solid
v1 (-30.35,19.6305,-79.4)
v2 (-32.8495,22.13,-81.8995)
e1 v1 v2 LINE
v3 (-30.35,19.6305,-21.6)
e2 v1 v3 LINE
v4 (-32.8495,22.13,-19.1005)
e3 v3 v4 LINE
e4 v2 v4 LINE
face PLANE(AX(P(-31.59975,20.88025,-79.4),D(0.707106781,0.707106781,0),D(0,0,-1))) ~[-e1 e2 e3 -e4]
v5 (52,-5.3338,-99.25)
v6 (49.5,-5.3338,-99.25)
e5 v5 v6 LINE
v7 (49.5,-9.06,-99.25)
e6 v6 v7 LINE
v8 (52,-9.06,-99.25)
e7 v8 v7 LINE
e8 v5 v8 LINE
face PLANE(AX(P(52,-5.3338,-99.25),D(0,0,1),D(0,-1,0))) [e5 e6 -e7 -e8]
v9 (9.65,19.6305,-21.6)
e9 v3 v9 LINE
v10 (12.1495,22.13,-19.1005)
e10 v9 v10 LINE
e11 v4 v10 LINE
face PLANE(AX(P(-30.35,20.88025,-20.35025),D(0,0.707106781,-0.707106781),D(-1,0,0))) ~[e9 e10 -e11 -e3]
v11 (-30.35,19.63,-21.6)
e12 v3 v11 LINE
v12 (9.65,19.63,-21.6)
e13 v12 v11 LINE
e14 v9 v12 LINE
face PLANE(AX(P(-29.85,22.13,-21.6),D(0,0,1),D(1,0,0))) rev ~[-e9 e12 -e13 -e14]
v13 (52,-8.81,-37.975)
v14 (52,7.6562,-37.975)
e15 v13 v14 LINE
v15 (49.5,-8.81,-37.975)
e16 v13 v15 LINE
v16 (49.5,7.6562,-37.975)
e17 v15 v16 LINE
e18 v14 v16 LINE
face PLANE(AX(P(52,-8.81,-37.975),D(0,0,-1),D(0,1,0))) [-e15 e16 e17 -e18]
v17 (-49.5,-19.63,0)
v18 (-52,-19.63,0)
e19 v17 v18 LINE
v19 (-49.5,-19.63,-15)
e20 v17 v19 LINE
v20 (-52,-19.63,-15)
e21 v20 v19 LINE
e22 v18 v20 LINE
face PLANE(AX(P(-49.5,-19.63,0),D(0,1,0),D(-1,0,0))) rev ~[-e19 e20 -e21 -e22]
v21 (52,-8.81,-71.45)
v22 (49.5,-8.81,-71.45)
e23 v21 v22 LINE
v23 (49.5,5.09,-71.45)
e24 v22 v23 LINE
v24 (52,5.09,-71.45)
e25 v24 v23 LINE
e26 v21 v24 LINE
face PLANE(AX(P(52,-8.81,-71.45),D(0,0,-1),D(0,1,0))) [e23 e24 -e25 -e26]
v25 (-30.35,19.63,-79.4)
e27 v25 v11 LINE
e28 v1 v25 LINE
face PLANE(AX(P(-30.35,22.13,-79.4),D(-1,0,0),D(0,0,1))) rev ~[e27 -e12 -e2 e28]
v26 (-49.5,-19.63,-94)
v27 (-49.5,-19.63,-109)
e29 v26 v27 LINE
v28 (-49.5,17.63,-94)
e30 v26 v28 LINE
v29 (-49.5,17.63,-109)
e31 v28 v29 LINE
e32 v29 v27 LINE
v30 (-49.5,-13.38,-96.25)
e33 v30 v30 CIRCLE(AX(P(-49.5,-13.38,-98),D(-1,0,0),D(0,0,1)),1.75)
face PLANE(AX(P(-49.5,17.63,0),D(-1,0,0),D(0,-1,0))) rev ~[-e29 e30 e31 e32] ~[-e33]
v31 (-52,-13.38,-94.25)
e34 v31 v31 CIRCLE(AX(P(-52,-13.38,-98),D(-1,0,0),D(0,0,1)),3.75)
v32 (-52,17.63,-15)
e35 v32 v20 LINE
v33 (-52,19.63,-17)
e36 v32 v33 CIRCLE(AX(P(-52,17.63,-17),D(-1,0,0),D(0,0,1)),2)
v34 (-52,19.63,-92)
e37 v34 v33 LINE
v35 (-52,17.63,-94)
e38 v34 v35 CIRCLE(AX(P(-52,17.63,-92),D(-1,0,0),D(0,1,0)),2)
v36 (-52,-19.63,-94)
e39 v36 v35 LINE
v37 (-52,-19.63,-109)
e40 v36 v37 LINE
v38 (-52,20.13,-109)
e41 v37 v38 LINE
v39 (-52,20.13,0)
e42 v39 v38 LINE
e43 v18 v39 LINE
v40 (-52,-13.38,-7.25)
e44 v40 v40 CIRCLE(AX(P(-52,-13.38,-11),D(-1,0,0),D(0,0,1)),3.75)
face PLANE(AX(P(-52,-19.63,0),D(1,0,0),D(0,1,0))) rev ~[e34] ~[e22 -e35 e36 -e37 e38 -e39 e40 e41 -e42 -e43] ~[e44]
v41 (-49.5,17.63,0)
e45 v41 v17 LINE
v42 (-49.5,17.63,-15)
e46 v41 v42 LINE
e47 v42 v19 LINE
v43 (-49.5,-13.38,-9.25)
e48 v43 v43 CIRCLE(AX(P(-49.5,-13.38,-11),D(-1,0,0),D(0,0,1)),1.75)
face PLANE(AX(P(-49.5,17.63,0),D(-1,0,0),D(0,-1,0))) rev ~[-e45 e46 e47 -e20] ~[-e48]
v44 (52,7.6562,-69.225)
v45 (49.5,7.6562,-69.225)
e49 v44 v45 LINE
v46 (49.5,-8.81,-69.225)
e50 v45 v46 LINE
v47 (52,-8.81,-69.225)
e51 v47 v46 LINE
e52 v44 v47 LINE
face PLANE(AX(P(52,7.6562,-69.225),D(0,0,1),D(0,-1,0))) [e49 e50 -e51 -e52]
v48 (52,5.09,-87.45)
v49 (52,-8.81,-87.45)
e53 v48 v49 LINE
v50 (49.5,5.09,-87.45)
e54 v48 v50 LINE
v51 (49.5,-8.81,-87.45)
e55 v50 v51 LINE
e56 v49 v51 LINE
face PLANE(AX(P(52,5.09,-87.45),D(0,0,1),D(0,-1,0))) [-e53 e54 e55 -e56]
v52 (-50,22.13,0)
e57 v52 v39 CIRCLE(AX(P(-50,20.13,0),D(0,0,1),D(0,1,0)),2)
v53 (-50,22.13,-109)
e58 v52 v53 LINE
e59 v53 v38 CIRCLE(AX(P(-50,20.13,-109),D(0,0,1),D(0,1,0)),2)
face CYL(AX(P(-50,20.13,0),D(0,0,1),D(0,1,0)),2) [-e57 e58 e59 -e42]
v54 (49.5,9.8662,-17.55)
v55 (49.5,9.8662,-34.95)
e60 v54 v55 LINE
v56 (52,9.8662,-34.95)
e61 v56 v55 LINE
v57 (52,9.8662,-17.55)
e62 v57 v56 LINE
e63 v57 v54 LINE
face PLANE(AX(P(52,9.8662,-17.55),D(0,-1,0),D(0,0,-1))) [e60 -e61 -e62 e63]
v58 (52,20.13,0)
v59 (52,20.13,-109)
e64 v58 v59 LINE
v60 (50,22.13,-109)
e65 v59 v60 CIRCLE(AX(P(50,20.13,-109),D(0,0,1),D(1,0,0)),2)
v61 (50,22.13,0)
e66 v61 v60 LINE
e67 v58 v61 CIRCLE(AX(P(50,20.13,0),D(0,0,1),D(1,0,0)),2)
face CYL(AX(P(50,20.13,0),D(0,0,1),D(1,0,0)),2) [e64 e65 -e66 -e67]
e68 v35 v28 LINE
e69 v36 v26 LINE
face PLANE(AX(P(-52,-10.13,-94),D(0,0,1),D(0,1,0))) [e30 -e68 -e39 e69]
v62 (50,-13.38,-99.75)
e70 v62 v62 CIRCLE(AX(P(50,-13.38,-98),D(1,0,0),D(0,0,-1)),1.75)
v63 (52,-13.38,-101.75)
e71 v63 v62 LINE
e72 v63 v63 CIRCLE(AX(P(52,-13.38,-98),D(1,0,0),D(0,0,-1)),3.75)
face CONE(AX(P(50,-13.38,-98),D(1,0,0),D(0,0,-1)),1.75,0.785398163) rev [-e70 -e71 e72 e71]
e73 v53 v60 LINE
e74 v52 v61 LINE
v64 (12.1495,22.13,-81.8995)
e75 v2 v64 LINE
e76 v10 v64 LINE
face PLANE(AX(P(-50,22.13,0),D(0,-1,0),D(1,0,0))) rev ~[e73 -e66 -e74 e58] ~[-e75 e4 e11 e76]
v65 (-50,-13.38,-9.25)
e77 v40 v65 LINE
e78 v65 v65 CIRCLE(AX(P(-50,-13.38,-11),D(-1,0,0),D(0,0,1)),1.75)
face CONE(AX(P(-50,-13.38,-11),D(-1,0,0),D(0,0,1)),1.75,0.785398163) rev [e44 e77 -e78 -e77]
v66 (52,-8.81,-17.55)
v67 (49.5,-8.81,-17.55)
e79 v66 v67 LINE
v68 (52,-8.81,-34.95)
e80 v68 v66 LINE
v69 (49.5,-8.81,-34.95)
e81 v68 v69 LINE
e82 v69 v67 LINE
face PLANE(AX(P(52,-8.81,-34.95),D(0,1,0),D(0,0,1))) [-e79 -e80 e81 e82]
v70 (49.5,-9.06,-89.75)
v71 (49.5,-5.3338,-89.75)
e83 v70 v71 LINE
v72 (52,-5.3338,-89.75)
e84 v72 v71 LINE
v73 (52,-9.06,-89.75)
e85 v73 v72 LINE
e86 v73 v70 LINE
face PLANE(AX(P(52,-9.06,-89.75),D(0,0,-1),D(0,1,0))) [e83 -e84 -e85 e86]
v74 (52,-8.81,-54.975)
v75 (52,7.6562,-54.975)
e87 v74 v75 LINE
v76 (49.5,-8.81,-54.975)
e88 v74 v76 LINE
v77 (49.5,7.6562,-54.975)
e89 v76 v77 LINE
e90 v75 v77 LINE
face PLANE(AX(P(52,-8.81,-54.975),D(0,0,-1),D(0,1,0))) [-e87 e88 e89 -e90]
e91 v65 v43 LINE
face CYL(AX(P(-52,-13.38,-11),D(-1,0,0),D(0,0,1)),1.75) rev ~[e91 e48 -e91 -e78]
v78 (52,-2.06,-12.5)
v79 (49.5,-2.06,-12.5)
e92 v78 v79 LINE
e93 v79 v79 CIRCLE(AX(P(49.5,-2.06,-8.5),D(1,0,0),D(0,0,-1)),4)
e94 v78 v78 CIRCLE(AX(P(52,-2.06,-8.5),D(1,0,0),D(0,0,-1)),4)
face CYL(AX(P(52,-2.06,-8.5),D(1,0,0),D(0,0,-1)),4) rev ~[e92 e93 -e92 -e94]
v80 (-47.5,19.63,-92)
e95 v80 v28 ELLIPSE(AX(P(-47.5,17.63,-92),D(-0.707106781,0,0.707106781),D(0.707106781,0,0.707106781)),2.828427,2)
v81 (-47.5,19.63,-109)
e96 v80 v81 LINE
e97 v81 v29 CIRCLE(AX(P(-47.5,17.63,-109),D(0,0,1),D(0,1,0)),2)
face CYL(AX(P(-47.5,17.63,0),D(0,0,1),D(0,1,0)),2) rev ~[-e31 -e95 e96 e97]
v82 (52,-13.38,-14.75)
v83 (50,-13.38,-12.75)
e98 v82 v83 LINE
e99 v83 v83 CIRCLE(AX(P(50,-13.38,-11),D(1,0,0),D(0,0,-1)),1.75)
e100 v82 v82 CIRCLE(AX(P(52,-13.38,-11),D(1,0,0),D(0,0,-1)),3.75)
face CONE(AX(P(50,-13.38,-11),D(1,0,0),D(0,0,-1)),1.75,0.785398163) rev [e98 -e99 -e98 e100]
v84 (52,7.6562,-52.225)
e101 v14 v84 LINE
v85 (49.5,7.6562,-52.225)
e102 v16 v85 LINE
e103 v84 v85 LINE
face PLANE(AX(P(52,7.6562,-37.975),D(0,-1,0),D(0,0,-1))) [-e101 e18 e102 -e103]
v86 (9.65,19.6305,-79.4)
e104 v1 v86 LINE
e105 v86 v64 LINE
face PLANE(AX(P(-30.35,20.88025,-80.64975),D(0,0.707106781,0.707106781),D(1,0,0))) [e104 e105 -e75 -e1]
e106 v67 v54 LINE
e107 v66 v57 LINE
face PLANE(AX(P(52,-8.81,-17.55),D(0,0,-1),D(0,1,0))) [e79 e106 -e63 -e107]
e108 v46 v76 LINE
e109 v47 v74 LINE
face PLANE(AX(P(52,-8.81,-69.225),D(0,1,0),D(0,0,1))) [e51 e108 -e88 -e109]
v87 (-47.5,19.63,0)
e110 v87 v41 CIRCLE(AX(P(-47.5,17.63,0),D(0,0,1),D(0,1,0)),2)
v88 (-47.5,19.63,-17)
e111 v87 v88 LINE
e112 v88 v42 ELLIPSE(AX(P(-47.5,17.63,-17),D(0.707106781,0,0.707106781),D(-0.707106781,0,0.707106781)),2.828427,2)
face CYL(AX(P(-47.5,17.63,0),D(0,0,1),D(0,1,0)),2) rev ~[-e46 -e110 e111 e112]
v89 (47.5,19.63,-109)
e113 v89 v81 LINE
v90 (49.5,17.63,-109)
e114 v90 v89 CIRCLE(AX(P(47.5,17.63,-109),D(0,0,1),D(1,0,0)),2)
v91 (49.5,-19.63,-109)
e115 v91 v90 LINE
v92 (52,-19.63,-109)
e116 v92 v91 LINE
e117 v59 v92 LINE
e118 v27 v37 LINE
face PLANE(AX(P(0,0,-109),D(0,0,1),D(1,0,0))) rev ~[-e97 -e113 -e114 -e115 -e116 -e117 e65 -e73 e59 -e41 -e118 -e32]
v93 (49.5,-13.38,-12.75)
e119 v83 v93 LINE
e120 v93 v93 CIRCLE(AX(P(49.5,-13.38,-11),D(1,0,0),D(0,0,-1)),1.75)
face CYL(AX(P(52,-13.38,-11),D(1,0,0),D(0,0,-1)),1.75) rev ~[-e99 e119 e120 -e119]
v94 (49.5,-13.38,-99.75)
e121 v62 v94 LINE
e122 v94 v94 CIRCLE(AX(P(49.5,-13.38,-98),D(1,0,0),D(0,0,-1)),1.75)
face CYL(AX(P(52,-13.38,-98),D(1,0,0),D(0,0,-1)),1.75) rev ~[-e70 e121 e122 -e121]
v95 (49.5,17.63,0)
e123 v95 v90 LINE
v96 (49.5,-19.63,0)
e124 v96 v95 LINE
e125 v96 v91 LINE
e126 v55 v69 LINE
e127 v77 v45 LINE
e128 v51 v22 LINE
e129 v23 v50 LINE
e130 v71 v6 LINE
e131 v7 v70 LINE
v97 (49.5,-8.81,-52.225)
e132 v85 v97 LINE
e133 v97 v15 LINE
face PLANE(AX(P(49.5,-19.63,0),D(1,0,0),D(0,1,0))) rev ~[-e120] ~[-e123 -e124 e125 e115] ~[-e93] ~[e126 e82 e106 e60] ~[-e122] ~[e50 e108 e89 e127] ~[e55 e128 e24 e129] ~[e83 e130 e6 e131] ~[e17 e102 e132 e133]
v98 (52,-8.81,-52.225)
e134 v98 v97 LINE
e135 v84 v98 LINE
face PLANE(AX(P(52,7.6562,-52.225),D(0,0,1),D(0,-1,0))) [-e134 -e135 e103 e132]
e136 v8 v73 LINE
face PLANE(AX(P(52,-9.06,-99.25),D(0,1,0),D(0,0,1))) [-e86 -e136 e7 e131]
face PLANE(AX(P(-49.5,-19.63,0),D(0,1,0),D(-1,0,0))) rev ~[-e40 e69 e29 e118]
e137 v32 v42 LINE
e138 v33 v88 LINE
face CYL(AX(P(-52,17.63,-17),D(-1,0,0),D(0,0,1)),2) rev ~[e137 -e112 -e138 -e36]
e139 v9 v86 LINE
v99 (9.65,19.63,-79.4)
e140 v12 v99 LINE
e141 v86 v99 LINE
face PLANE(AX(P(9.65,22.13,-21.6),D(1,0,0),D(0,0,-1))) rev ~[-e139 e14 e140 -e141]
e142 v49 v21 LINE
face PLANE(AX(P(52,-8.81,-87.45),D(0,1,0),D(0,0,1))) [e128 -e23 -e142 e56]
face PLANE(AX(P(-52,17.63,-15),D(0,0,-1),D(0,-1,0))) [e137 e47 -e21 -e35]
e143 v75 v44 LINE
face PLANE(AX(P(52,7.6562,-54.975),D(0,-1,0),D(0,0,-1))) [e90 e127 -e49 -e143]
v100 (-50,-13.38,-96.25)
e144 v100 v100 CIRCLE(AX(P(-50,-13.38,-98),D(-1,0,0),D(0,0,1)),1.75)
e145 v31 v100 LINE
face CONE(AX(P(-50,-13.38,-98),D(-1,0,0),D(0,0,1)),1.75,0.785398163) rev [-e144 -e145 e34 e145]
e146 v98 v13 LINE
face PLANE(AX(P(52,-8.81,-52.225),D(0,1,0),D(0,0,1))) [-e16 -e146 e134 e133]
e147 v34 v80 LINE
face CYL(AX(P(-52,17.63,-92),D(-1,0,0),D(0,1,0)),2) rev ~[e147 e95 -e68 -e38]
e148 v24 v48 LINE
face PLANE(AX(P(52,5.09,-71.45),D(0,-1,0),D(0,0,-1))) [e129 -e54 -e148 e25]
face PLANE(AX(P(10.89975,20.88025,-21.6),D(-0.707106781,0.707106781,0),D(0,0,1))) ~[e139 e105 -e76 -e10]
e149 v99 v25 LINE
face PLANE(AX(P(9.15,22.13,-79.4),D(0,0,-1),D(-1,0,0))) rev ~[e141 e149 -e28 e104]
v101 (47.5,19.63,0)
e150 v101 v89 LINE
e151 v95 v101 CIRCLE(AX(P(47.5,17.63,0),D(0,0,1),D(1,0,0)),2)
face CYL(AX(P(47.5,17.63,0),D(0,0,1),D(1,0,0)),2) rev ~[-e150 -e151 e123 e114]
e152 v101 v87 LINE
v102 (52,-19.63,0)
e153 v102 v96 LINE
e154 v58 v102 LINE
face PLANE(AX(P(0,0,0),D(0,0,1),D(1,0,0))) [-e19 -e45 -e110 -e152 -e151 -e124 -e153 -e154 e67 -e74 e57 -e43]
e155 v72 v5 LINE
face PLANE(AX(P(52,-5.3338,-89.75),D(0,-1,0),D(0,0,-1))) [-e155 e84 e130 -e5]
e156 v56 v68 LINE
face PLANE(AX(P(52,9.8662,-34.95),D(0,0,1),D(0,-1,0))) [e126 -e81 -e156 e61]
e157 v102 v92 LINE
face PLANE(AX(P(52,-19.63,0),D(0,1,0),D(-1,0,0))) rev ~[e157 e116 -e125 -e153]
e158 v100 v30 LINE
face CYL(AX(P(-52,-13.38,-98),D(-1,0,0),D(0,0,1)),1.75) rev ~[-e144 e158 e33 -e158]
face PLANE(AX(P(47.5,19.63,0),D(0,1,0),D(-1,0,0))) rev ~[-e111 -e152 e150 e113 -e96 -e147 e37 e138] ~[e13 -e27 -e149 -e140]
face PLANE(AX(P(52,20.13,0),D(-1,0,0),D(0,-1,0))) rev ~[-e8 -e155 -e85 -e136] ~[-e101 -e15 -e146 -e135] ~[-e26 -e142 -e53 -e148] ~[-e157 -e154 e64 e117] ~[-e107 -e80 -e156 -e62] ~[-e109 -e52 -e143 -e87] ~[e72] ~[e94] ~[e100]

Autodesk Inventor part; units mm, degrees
ref_plane "YZ Plane" through (0, 0, 0) normal (1, 0, 0) x (0, 1, 0)
sketch "Sketch1" plane through (0, 0, 0) normal (0, 0, 1) x (1, 0, 0)
  line L0 (47.5, 19.63) -> (-47.5, 19.63) projected
  arc A0 (-47.5, 19.63) -> (-49.5, 17.63) centre (-47.5, 17.63) ccw projected
  line L1 (-49.5, 17.63) -> (-49.5, -19.63) projected
  line L2 (49.5, -19.63) -> (49.5, 17.63) projected
  arc A1 (49.5, 17.63) -> (47.5, 19.63) centre (47.5, 17.63) ccw projected
  line L3 (-49.5, -19.63) -> (-52, -19.63)
  line L4 (-52, -19.63) -> (-52, 20.13)
  line L5 (-50, 22.13) -> (50, 22.13)
  line L6 (52, 20.13) -> (52, -19.63)
  line L7 (52, -19.63) -> (49.5, -19.63)
  arc A2 (-50, 22.13) -> (-52, 20.13) centre (-50, 20.13) ccw
  arc A3 (52, 20.13) -> (50, 22.13) centre (50, 20.13) ccw
  dimension "d0" = 2.5
  dimension "d1" = 2.5
  dimension "d2" = 2.5
  dimension "d3" = 2
ref_plane "Work Plane1" through (-49.5, -19.63, -109) normal (0, 0, -1) x (0, 1, 0)
extrude "Extrusion1" add sketch "Sketch1" against normal up to surface (109 mm away)
sketch "Sketch2" plane through (-50, 22.13, 0) normal (0, 1, 0) x (1, 0, 0)
  circle A0 centre (39.65, 50.5) radius 18.5 construction
  line L0 (58.85, 79.4) -> (20.45, 79.4) construction
  line L1 (20.45, 79.4) -> (20.45, 21.6) construction
  line L2 (58.85, 21.6) -> (58.85, 79.4) construction
  line L3 (20.45, 21.6) -> (58.85, 21.6) construction
  line L4 (20.15, 23.6) -> (20.15, 77.4) construction
  line L5 (59.15, 77.4) -> (59.15, 23.6) construction
  line L6 (20.15, 21.6) -> (59.15, 21.6) construction
  line L7 (59.15, 79.4) -> (20.15, 79.4) construction
  line L8 (20.15, 21.6) -> (59.15, 21.6)
  line L9 (59.15, 21.6) -> (59.15, 79.4)
  line L10 (59.15, 79.4) -> (20.15, 79.4)
  line L11 (20.15, 79.4) -> (20.15, 21.6)
  line L12 (59.65, 79.4) -> (19.65, 79.4)
  line L13 (19.65, 79.4) -> (19.65, 21.6)
  line L14 (19.65, 21.6) -> (59.65, 21.6)
  line L15 (59.65, 21.6) -> (59.65, 79.4)
  point P0 (50, 0)
  point P1 (59.65, 50.5)
  point P2 (59.15, 79.4)
  dimension "d43" = 40
  dimension "d44" = 39
  dimension "d45" = 0.5
extrude "Extrusion2" cut sketch "Sketch2" against normal up to surface (2.5 mm away)
chamfer "Chamfer1" distance 2.5 angle 45 4 edges at (-10.35, 22.13, -79.4) (-30.35, 22.13, -50.5) (9.65, 22.13, -50.5) (-10.35, 22.13, -21.6)
sketch "Sketch3" plane through (-52, -19.63, 0) normal (-1, 0, 0) x (0, 0, 1)
  line L0 (-94, 9.5) -> (-94, 37.26) projected
  arc A0 (-92, 39.26) -> (-94, 37.26) centre (-92, 37.26) ccw projected
  line L1 (-92, 39.26) -> (-17, 39.26) projected
  arc A1 (-15, 37.26) -> (-17, 39.26) centre (-17, 37.26) ccw projected
  line L2 (-15, 37.26) -> (-15, 9.5) projected
  line L3 (-94, 9.5) -> (-94, 0)
  line L4 (0, 0) -> (-109, 0) construction
  line L5 (-15, 9.5) -> (-15, 0)
  line L6 (-94, 0) -> (-15, 0)
  circle A2 centre (-98, 6.25) radius 1.5 construction
  circle A3 centre (-11, 6.25) radius 1.5 construction
  circle A4 centre (-98, 6.25) radius 1.75
  circle A5 centre (-11, 6.25) radius 1.75
  point P0 (0, 19.63)
  dimension "d13" = 3.5
  dimension "d14" = 3.5
ref_plane "Work Plane2" through (-47.0185, 3.2145, -3.5) normal (1, 0, 0) x (0, 1, 0)
extrude "Extrusion3" cut sketch "Sketch3" against normal up to surface (4.9815 mm away)
sketch "Sketch4" plane through (52, -19.63, 0) normal (1, 0, 0) x (0, 0, -1)
  circle A0 centre (98, 6.25) radius 1.5 construction
  circle A1 centre (11, 6.25) radius 1.5 construction
  arc A2 (72.9, 14.47) -> (72.9168, 14.38) centre (73.1508, 14.4702) ccw construction
  line L0 (72.9, 16.76) -> (72.9, 14.47) construction
  line L1 (72.9, 16.76) -> (72.9, 18.76) construction
  line L2 (72.9, 22.14) -> (72.9, 18.76) construction
  arc A3 (73.15, 22.39) -> (72.9, 22.14) centre (73.15, 22.14) ccw construction
  line L3 (73.15, 22.39) -> (85.55, 22.39) construction
  arc A4 (85.8, 22.14) -> (85.55, 22.39) centre (85.55, 22.14) ccw construction
  line L4 (85.8, 22.14) -> (85.8, 18.76) construction
  line L5 (85.8, 18.76) -> (85.8, 16.76) construction
  line L6 (85.8, 16.76) -> (85.8, 14.47) construction
  arc A5 (85.7832, 14.38) -> (85.8, 14.47) centre (85.5492, 14.4702) ccw construction
  line L7 (85.7832, 14.38) -> (86.5, 14.38) construction
  line L8 (86.5, 14.38) -> (86.5, 12.03) construction
  line L9 (81.88, 12.03) -> (86.5, 12.03) construction
  line L10 (81.88, 12.03) -> (81.88, 11.42) construction
  line L11 (81.88, 11.42) -> (86.45, 11.42) construction
  line L12 (87.2, 11.42) -> (86.45, 11.42) construction
  line L13 (87.2, 24.47) -> (87.2, 11.42) construction
  line L14 (87.2, 24.52) -> (87.2, 24.47) construction
  line L15 (87.2, 24.52) -> (71.7, 24.52) construction
  line L16 (71.7, 24.52) -> (71.7, 24.47) construction
  line L17 (71.7, 24.47) -> (71.7, 11.42) construction
  line L18 (71.7, 11.42) -> (72.45, 11.42) construction
  line L19 (72.45, 11.42) -> (76.82, 11.42) construction
  line L20 (76.82, 12.03) -> (76.82, 11.42) construction
  line L21 (72.3, 12.03) -> (76.82, 12.03) construction
  line L22 (72.3, 14.38) -> (72.3, 12.03) construction
  line L23 (72.3, 14.38) -> (72.9168, 14.38) construction
  line L24 (68.675, 20.9412) -> (68.975, 20.9412) construction
  line L25 (68.975, 20.9412) -> (68.975, 26.4362) construction
  arc A6 (68.975, 26.4362) -> (68.375, 27.0362) centre (68.375, 26.4362) ccw construction
  line L26 (68.375, 27.0362) -> (55.825, 27.0362) construction
  arc A7 (55.825, 27.0362) -> (55.225, 26.4362) centre (55.825, 26.4362) ccw construction
  line L27 (55.225, 26.4362) -> (55.225, 20.9412) construction
  line L28 (55.225, 20.9412) -> (55.525, 20.9412) construction
  line L29 (55.525, 26.4362) -> (55.525, 20.9412) construction
  arc A8 (55.825, 26.7362) -> (55.525, 26.4362) centre (55.825, 26.4362) ccw construction
  line L30 (68.375, 26.7362) -> (55.825, 26.7362) construction
  arc A9 (68.675, 26.4362) -> (68.375, 26.7362) centre (68.375, 26.4362) ccw construction
  line L31 (68.675, 26.4362) -> (68.675, 20.9412) construction
  line L32 (51.675, 20.9412) -> (51.975, 20.9412) construction
  line L33 (51.975, 20.9412) -> (51.975, 26.4362) construction
  arc A10 (51.975, 26.4362) -> (51.375, 27.0362) centre (51.375, 26.4362) ccw construction
  line L34 (51.375, 27.0362) -> (38.825, 27.0362) construction
  arc A11 (38.825, 27.0362) -> (38.225, 26.4362) centre (38.825, 26.4362) ccw construction
  line L35 (38.225, 26.4362) -> (38.225, 20.9412) construction
  line L36 (38.225, 20.9412) -> (38.525, 20.9412) construction
  line L37 (38.525, 26.4362) -> (38.525, 20.9412) construction
  arc A12 (38.825, 26.7362) -> (38.525, 26.4362) centre (38.825, 26.4362) ccw construction
  line L38 (51.375, 26.7362) -> (38.825, 26.7362) construction
  arc A13 (51.675, 26.4362) -> (51.375, 26.7362) centre (51.375, 26.4362) ccw construction
  line L39 (51.675, 26.4362) -> (51.675, 20.9412) construction
  line L40 (34.7, 28.373) -> (34.7, 24.4594) construction
  line L41 (30.79, 29.2462) -> (33.9, 29.2462) construction
  line L42 (18.6, 29.2462) -> (21.71, 29.2462) construction
  line L43 (17.8, 25.8062) -> (17.8, 28.4462) construction
  line L44 (17.8, 12.6412) -> (17.8, 25.8412) construction
  line L45 (34.7, 12.6412) -> (34.7, 24.4412) construction
  line L46 (3.1, 11.07) -> (101.9, 11.07) construction
  circle A14 centre (8.5, 17.57) radius 4
  circle A15 centre (11, 6.25) radius 1.75
  circle A16 centre (98, 6.25) radius 1.75
  line L47 (17.55, 29.4962) -> (34.95, 29.4962)
  line L48 (34.95, 29.4962) -> (34.95, 10.82)
  line L49 (34.95, 10.82) -> (17.55, 10.82)
  line L50 (17.55, 10.82) -> (17.55, 29.4962)
  line L51 (37.975, 27.2862) -> (52.225, 27.2862)
  line L52 (52.225, 27.2862) -> (52.225, 10.82)
  line L53 (52.225, 10.82) -> (37.975, 10.82)
  line L54 (37.975, 10.82) -> (37.975, 27.2862)
  line L55 (54.975, 27.2862) -> (69.225, 27.2862)
  line L56 (69.225, 27.2862) -> (69.225, 10.82)
  line L57 (69.225, 10.82) -> (54.975, 10.82)
  line L58 (54.975, 10.82) -> (54.975, 27.2862)
  line L59 (71.45, 24.72) -> (87.45, 24.72)
  line L60 (87.45, 24.72) -> (87.45, 10.82)
  line L61 (87.45, 10.82) -> (71.45, 10.82)
  line L62 (71.45, 10.82) -> (71.45, 24.72)
  line L63 (90.5, 13.2962) -> (90.5, 12.7462) construction
  line L64 (91.35, 13.7962) -> (91, 13.7962) construction
  line L65 (98, 13.7962) -> (97.6, 13.7962) construction
  line L66 (98.5, 13.2962) -> (98.5, 12.7462) construction
  line L67 (89.75, 14.2962) -> (99.25, 14.2962)
  line L68 (99.25, 14.2962) -> (99.25, 10.57)
  line L69 (99.25, 10.57) -> (89.75, 10.57)
  line L70 (89.75, 10.57) -> (89.75, 14.2962)
  line L71 (71.7, 24.47) -> (87.2, 24.47) construction
  line L72 (87.2, 24.47) -> (87.2, 11.07) construction
  line L73 (87.2, 11.07) -> (71.7, 11.07) construction
  line L74 (71.7, 11.07) -> (71.7, 24.47) construction
  circle A17 centre (8.5, 17.57) radius 3.2 projected
  point P0 (0, 19.63)
  point P1 (17.8, 27.1262)
  point P2 (68.975, 23.6887)
  point P3 (91.175, 13.7962)
  point P4 (90.5, 13.0212)
  point P5 (98.5, 13.0212)
  dimension "d15" = 8
  dimension "d16" = 3.5
  dimension "d17" = 3.5
  dimension "d18" = 0.25
  dimension "d19" = 0.25
  dimension "d20" = 0.25
  dimension "d21" = 0.25
  dimension "d22" = 0.25
  dimension "d23" = 0.25
  dimension "d24" = 0.25
  dimension "d25" = 0.25
  dimension "d26" = 0.25
  dimension "d27" = 0.25
  dimension "d28" = 0.25
  dimension "d29" = 0.25
  dimension "d30" = 0.25
  dimension "d31" = 0.25
  dimension "d32" = 0.25
  dimension "d33" = 0.25
  dimension "d34" = 0.5
  dimension "d35" = 0.5
  dimension "d36" = 0.75
  dimension "d37" = 0.75
extrude "Extrusion4" cut sketch "Sketch4" against normal up to surface (2.5 mm away) contours A14 | A15 | A16 | L47 L48 L49 L50 | L51 L52 L53 L54 | L55 L56 L57 L58 | L59 L60 L61 L62 | L67 L68 L69 L70 | A17
chamfer "Chamfer2" distance 2 angle 45 4 edges at (52, -13.38, -9.25) (52, -13.38, -96.25) (-52, -13.38, -99.75) (-52, -13.38, -12.75)
equation "\"d1\" = d0"
equation "\"d2\" = d0"
equation "\"d45\" = -0.5 * d44 + 0.5 * d43"
equation "\"d14\" = d13"
equation "\"d17\" = d16"
equation "\"d19\" = d18"
equation "\"d20\" = d18"
equation "\"d21\" = d18"
equation "\"d22\" = d19"
equation "\"d23\" = d20"
equation "\"d24\" = d23"
equation "\"d25\" = d24"
equation "\"d26\" = d24"
equation "\"d27\" = d26"
equation "\"d28\" = d26"
equation "\"d29\" = d25"
equation "\"d30\" = d29"
equation "\"d31\" = d27"
equation "\"d32\" = d31"
equation "\"d33\" = d31"
equation "\"d34\" = d35"
equation "\"d37\" = d36"
properties part number "Shroud Top"
